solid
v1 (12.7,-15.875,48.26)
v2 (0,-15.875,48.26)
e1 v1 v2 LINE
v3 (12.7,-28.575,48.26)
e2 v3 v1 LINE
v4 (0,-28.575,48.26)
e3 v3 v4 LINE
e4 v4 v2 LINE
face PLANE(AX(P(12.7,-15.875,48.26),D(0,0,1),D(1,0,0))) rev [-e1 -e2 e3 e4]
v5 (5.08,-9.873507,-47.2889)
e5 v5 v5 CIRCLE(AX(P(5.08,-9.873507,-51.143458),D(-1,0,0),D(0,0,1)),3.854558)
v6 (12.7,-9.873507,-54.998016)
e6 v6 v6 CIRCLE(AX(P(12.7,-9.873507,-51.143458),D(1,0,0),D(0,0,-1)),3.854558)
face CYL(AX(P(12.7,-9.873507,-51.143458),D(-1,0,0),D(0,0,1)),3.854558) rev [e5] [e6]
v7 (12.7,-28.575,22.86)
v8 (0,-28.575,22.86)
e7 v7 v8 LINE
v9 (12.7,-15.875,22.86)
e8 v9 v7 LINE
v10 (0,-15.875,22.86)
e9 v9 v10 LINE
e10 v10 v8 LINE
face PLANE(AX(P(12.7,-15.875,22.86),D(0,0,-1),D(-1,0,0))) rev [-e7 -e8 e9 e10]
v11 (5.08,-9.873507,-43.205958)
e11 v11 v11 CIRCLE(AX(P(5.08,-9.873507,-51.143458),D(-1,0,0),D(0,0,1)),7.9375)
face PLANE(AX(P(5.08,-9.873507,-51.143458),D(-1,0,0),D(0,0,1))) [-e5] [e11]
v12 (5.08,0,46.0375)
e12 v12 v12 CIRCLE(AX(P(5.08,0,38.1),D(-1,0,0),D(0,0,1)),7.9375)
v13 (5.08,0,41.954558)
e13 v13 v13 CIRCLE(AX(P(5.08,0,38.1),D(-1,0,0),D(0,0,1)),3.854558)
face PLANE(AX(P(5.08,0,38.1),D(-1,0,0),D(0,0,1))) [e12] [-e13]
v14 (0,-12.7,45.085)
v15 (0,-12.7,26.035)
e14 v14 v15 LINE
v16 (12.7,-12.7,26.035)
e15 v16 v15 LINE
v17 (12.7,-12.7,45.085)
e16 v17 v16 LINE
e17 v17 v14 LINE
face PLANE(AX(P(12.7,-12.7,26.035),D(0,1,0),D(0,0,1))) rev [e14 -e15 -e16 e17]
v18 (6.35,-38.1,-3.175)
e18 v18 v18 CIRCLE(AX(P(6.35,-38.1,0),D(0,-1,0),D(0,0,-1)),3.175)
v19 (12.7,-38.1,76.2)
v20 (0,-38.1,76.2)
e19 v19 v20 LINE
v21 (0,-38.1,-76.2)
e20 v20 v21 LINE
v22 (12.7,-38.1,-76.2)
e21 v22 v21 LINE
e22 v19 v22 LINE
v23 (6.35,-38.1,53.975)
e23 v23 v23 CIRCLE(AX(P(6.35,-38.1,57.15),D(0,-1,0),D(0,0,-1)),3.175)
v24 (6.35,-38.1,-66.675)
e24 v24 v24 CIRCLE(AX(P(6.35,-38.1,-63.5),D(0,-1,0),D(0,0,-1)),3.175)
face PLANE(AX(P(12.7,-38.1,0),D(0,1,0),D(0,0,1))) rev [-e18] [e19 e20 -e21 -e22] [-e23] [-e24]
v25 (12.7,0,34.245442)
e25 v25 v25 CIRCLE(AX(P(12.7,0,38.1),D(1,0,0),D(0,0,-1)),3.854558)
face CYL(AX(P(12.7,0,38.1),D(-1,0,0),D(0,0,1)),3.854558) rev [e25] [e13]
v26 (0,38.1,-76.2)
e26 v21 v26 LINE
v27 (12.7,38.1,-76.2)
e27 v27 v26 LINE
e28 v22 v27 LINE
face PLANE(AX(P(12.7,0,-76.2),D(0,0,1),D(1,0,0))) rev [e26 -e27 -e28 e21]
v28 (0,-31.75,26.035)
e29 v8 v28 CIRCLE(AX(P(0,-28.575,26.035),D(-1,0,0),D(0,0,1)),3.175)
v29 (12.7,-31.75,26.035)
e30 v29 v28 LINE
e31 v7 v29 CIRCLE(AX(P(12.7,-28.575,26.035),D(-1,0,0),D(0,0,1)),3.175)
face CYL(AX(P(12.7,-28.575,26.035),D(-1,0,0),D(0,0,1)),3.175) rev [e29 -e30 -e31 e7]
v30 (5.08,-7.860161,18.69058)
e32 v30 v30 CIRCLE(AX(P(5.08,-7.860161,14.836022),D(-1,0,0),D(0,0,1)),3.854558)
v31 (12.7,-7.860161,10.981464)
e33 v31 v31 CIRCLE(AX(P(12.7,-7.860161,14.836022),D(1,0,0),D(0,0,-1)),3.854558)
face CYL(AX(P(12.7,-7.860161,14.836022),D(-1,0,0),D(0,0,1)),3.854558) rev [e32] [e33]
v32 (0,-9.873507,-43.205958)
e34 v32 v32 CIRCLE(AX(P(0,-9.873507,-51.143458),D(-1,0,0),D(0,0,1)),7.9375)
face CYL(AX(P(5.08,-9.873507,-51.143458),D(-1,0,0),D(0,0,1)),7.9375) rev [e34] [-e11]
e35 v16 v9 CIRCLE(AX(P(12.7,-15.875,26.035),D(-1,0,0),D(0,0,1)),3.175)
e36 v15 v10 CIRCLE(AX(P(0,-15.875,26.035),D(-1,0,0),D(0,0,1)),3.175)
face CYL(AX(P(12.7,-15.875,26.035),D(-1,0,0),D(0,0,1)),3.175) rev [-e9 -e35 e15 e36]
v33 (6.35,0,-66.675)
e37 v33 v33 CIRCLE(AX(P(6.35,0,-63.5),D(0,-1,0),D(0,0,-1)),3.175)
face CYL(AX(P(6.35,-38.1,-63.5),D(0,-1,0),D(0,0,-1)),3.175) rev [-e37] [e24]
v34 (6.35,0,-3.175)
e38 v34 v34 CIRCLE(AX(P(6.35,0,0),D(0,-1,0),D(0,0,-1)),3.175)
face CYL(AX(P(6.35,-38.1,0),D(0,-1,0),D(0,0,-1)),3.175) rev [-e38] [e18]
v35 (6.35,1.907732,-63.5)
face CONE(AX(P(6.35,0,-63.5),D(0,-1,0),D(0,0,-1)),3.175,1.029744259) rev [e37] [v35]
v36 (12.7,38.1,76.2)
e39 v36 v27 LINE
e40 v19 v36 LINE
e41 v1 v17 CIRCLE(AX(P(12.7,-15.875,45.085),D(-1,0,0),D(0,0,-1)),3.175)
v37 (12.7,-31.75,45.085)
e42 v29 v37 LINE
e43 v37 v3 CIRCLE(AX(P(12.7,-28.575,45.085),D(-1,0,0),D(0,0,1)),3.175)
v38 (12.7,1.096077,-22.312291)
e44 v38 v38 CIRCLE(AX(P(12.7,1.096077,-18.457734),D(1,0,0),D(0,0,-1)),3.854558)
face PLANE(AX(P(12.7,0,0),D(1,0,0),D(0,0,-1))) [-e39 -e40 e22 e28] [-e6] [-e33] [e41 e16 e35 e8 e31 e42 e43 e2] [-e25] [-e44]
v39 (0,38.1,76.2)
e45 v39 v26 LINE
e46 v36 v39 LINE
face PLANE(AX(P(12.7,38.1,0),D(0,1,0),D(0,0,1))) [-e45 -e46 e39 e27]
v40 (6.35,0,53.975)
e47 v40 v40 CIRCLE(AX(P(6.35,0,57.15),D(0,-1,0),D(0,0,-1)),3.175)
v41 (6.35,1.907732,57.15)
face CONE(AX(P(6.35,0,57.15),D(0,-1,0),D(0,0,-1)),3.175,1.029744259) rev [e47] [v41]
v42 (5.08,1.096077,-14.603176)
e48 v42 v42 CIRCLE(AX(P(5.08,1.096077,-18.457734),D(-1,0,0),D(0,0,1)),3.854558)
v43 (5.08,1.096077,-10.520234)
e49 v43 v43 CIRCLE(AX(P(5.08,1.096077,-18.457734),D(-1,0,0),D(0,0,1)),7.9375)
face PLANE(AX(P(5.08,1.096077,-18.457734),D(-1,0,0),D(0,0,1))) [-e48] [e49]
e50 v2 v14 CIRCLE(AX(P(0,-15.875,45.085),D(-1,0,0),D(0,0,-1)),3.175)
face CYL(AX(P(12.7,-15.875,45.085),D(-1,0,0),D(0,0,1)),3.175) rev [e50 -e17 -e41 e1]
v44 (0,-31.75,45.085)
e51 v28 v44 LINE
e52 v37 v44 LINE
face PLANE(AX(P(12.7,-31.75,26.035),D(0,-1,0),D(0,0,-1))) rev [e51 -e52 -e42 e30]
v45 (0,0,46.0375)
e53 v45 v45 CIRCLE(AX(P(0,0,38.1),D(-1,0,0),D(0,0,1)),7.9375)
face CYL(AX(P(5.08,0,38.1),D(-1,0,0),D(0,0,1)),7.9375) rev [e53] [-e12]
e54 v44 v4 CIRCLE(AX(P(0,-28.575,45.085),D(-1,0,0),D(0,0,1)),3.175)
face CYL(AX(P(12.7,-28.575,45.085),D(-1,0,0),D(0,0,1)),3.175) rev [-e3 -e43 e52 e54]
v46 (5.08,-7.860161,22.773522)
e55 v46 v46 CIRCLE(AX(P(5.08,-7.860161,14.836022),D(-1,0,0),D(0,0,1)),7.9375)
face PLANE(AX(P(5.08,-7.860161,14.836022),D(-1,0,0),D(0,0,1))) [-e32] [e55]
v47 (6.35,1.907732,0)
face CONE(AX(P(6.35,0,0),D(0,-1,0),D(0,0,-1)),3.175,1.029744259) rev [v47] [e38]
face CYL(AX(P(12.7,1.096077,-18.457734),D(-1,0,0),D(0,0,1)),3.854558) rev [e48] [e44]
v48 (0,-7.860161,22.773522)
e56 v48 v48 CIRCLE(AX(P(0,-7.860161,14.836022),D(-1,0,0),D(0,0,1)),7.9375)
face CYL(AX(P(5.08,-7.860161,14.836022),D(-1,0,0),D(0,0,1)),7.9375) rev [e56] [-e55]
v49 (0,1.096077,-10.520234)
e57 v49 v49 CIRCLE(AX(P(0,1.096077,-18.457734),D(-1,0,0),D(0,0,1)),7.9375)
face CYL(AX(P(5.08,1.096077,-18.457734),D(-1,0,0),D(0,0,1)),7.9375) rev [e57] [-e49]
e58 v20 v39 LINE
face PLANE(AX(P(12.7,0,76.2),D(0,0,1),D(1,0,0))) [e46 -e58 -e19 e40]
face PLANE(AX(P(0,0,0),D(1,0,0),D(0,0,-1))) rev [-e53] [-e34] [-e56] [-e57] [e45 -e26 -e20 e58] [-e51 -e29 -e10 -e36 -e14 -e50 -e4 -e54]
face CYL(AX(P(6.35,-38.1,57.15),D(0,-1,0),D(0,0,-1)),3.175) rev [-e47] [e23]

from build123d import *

# Parameters (mm, degrees)
SKETCH1_W                       = 152.4
SKETCH1_H                       = 76.2
SKETCH1_R                       = 3.854557775
BOSS_EXTRUDE1_DEPTH             = 12.7
F_1_4_0_25_DIAMETER_HOLE2_D     = 6.35
F_1_4_0_25_DIAMETER_HOLE2_DEPTH = 38.1
F_1_4_0_25_DIAMETER_HOLE2_TIP   = 1.907732465
SKETCH2_R                       = 7.9375
CUT_EXTRUDE1_DEPTH              = 5.08
CUT_EXTRUDE2_DEPTH              = 87.135590786


with BuildPart() as part:
    # Sketch1 → Boss-Extrude1 (new body)
    with BuildSketch(Plane(origin=(0, 0, 0), x_dir=(0, 0, -1), z_dir=(1, 0, 0))):
        Rectangle(SKETCH1_W, SKETCH1_H)
        with Locations((18.457733582, 1.096077429)):
            Circle(SKETCH1_R, mode=Mode.SUBTRACT)
        with Locations((-38.1, 0)):
            Circle(SKETCH1_R, mode=Mode.SUBTRACT)
        with Locations((-14.836022013, -7.860160654)):
            Circle(SKETCH1_R, mode=Mode.SUBTRACT)
        with Locations((51.143457994, -9.873506971)):
            Circle(SKETCH1_R, mode=Mode.SUBTRACT)
    extrude(amount=BOSS_EXTRUDE1_DEPTH)

    # 1/4 (0.25) Diameter Hole2
    with Locations(Plane.XZ.offset(38.1)):
        with Locations((6.35, 57.15), (6.35, -63.5), (6.35, 0)):
            Hole(F_1_4_0_25_DIAMETER_HOLE2_D / 2, depth=F_1_4_0_25_DIAMETER_HOLE2_DEPTH)
            with Locations((0, 0, -(F_1_4_0_25_DIAMETER_HOLE2_DEPTH + F_1_4_0_25_DIAMETER_HOLE2_TIP / 2))):  # 118° drill point
                Cone(0, F_1_4_0_25_DIAMETER_HOLE2_D / 2, F_1_4_0_25_DIAMETER_HOLE2_TIP, mode=Mode.SUBTRACT)

    # Sketch2 → Cut-Extrude1 (cut)
    with BuildSketch(Plane.ZY):
        with Locations((38.1, 0)):
            Circle(SKETCH2_R)
        with Locations((14.836022013, -7.860160654)):
            Circle(SKETCH2_R)
        with Locations((-18.457733582, 1.096077429)):
            Circle(SKETCH2_R)
        with Locations((-51.143457994, -9.873506971)):
            Circle(SKETCH2_R)
    extrude(amount=-CUT_EXTRUDE1_DEPTH, mode=Mode.SUBTRACT)

    # Sketch5 → Cut-Extrude2 (cut, through all)
    with BuildSketch(Plane.ZY):
        with BuildLine():
            Line((26.035, -12.7), (45.085, -12.7))
            ThreePointArc((45.085, -12.7), (47.33006403, -13.62993597), (48.26, -15.875))
            Line((48.26, -15.875), (48.26, -28.575))
            ThreePointArc((48.26, -28.575), (47.33006403, -30.82006403), (45.085, -31.75))
            Line((45.085, -31.75), (26.035, -31.75))
            ThreePointArc((26.035, -31.75), (23.78993597, -30.82006403), (22.86, -28.575))
            Line((22.86, -28.575), (22.86, -15.875))
            ThreePointArc((22.86, -15.875), (23.78993597, -13.62993597), (26.035, -12.7))
        make_face()
    extrude(amount=-CUT_EXTRUDE2_DEPTH, mode=Mode.SUBTRACT)


solid = part.part
